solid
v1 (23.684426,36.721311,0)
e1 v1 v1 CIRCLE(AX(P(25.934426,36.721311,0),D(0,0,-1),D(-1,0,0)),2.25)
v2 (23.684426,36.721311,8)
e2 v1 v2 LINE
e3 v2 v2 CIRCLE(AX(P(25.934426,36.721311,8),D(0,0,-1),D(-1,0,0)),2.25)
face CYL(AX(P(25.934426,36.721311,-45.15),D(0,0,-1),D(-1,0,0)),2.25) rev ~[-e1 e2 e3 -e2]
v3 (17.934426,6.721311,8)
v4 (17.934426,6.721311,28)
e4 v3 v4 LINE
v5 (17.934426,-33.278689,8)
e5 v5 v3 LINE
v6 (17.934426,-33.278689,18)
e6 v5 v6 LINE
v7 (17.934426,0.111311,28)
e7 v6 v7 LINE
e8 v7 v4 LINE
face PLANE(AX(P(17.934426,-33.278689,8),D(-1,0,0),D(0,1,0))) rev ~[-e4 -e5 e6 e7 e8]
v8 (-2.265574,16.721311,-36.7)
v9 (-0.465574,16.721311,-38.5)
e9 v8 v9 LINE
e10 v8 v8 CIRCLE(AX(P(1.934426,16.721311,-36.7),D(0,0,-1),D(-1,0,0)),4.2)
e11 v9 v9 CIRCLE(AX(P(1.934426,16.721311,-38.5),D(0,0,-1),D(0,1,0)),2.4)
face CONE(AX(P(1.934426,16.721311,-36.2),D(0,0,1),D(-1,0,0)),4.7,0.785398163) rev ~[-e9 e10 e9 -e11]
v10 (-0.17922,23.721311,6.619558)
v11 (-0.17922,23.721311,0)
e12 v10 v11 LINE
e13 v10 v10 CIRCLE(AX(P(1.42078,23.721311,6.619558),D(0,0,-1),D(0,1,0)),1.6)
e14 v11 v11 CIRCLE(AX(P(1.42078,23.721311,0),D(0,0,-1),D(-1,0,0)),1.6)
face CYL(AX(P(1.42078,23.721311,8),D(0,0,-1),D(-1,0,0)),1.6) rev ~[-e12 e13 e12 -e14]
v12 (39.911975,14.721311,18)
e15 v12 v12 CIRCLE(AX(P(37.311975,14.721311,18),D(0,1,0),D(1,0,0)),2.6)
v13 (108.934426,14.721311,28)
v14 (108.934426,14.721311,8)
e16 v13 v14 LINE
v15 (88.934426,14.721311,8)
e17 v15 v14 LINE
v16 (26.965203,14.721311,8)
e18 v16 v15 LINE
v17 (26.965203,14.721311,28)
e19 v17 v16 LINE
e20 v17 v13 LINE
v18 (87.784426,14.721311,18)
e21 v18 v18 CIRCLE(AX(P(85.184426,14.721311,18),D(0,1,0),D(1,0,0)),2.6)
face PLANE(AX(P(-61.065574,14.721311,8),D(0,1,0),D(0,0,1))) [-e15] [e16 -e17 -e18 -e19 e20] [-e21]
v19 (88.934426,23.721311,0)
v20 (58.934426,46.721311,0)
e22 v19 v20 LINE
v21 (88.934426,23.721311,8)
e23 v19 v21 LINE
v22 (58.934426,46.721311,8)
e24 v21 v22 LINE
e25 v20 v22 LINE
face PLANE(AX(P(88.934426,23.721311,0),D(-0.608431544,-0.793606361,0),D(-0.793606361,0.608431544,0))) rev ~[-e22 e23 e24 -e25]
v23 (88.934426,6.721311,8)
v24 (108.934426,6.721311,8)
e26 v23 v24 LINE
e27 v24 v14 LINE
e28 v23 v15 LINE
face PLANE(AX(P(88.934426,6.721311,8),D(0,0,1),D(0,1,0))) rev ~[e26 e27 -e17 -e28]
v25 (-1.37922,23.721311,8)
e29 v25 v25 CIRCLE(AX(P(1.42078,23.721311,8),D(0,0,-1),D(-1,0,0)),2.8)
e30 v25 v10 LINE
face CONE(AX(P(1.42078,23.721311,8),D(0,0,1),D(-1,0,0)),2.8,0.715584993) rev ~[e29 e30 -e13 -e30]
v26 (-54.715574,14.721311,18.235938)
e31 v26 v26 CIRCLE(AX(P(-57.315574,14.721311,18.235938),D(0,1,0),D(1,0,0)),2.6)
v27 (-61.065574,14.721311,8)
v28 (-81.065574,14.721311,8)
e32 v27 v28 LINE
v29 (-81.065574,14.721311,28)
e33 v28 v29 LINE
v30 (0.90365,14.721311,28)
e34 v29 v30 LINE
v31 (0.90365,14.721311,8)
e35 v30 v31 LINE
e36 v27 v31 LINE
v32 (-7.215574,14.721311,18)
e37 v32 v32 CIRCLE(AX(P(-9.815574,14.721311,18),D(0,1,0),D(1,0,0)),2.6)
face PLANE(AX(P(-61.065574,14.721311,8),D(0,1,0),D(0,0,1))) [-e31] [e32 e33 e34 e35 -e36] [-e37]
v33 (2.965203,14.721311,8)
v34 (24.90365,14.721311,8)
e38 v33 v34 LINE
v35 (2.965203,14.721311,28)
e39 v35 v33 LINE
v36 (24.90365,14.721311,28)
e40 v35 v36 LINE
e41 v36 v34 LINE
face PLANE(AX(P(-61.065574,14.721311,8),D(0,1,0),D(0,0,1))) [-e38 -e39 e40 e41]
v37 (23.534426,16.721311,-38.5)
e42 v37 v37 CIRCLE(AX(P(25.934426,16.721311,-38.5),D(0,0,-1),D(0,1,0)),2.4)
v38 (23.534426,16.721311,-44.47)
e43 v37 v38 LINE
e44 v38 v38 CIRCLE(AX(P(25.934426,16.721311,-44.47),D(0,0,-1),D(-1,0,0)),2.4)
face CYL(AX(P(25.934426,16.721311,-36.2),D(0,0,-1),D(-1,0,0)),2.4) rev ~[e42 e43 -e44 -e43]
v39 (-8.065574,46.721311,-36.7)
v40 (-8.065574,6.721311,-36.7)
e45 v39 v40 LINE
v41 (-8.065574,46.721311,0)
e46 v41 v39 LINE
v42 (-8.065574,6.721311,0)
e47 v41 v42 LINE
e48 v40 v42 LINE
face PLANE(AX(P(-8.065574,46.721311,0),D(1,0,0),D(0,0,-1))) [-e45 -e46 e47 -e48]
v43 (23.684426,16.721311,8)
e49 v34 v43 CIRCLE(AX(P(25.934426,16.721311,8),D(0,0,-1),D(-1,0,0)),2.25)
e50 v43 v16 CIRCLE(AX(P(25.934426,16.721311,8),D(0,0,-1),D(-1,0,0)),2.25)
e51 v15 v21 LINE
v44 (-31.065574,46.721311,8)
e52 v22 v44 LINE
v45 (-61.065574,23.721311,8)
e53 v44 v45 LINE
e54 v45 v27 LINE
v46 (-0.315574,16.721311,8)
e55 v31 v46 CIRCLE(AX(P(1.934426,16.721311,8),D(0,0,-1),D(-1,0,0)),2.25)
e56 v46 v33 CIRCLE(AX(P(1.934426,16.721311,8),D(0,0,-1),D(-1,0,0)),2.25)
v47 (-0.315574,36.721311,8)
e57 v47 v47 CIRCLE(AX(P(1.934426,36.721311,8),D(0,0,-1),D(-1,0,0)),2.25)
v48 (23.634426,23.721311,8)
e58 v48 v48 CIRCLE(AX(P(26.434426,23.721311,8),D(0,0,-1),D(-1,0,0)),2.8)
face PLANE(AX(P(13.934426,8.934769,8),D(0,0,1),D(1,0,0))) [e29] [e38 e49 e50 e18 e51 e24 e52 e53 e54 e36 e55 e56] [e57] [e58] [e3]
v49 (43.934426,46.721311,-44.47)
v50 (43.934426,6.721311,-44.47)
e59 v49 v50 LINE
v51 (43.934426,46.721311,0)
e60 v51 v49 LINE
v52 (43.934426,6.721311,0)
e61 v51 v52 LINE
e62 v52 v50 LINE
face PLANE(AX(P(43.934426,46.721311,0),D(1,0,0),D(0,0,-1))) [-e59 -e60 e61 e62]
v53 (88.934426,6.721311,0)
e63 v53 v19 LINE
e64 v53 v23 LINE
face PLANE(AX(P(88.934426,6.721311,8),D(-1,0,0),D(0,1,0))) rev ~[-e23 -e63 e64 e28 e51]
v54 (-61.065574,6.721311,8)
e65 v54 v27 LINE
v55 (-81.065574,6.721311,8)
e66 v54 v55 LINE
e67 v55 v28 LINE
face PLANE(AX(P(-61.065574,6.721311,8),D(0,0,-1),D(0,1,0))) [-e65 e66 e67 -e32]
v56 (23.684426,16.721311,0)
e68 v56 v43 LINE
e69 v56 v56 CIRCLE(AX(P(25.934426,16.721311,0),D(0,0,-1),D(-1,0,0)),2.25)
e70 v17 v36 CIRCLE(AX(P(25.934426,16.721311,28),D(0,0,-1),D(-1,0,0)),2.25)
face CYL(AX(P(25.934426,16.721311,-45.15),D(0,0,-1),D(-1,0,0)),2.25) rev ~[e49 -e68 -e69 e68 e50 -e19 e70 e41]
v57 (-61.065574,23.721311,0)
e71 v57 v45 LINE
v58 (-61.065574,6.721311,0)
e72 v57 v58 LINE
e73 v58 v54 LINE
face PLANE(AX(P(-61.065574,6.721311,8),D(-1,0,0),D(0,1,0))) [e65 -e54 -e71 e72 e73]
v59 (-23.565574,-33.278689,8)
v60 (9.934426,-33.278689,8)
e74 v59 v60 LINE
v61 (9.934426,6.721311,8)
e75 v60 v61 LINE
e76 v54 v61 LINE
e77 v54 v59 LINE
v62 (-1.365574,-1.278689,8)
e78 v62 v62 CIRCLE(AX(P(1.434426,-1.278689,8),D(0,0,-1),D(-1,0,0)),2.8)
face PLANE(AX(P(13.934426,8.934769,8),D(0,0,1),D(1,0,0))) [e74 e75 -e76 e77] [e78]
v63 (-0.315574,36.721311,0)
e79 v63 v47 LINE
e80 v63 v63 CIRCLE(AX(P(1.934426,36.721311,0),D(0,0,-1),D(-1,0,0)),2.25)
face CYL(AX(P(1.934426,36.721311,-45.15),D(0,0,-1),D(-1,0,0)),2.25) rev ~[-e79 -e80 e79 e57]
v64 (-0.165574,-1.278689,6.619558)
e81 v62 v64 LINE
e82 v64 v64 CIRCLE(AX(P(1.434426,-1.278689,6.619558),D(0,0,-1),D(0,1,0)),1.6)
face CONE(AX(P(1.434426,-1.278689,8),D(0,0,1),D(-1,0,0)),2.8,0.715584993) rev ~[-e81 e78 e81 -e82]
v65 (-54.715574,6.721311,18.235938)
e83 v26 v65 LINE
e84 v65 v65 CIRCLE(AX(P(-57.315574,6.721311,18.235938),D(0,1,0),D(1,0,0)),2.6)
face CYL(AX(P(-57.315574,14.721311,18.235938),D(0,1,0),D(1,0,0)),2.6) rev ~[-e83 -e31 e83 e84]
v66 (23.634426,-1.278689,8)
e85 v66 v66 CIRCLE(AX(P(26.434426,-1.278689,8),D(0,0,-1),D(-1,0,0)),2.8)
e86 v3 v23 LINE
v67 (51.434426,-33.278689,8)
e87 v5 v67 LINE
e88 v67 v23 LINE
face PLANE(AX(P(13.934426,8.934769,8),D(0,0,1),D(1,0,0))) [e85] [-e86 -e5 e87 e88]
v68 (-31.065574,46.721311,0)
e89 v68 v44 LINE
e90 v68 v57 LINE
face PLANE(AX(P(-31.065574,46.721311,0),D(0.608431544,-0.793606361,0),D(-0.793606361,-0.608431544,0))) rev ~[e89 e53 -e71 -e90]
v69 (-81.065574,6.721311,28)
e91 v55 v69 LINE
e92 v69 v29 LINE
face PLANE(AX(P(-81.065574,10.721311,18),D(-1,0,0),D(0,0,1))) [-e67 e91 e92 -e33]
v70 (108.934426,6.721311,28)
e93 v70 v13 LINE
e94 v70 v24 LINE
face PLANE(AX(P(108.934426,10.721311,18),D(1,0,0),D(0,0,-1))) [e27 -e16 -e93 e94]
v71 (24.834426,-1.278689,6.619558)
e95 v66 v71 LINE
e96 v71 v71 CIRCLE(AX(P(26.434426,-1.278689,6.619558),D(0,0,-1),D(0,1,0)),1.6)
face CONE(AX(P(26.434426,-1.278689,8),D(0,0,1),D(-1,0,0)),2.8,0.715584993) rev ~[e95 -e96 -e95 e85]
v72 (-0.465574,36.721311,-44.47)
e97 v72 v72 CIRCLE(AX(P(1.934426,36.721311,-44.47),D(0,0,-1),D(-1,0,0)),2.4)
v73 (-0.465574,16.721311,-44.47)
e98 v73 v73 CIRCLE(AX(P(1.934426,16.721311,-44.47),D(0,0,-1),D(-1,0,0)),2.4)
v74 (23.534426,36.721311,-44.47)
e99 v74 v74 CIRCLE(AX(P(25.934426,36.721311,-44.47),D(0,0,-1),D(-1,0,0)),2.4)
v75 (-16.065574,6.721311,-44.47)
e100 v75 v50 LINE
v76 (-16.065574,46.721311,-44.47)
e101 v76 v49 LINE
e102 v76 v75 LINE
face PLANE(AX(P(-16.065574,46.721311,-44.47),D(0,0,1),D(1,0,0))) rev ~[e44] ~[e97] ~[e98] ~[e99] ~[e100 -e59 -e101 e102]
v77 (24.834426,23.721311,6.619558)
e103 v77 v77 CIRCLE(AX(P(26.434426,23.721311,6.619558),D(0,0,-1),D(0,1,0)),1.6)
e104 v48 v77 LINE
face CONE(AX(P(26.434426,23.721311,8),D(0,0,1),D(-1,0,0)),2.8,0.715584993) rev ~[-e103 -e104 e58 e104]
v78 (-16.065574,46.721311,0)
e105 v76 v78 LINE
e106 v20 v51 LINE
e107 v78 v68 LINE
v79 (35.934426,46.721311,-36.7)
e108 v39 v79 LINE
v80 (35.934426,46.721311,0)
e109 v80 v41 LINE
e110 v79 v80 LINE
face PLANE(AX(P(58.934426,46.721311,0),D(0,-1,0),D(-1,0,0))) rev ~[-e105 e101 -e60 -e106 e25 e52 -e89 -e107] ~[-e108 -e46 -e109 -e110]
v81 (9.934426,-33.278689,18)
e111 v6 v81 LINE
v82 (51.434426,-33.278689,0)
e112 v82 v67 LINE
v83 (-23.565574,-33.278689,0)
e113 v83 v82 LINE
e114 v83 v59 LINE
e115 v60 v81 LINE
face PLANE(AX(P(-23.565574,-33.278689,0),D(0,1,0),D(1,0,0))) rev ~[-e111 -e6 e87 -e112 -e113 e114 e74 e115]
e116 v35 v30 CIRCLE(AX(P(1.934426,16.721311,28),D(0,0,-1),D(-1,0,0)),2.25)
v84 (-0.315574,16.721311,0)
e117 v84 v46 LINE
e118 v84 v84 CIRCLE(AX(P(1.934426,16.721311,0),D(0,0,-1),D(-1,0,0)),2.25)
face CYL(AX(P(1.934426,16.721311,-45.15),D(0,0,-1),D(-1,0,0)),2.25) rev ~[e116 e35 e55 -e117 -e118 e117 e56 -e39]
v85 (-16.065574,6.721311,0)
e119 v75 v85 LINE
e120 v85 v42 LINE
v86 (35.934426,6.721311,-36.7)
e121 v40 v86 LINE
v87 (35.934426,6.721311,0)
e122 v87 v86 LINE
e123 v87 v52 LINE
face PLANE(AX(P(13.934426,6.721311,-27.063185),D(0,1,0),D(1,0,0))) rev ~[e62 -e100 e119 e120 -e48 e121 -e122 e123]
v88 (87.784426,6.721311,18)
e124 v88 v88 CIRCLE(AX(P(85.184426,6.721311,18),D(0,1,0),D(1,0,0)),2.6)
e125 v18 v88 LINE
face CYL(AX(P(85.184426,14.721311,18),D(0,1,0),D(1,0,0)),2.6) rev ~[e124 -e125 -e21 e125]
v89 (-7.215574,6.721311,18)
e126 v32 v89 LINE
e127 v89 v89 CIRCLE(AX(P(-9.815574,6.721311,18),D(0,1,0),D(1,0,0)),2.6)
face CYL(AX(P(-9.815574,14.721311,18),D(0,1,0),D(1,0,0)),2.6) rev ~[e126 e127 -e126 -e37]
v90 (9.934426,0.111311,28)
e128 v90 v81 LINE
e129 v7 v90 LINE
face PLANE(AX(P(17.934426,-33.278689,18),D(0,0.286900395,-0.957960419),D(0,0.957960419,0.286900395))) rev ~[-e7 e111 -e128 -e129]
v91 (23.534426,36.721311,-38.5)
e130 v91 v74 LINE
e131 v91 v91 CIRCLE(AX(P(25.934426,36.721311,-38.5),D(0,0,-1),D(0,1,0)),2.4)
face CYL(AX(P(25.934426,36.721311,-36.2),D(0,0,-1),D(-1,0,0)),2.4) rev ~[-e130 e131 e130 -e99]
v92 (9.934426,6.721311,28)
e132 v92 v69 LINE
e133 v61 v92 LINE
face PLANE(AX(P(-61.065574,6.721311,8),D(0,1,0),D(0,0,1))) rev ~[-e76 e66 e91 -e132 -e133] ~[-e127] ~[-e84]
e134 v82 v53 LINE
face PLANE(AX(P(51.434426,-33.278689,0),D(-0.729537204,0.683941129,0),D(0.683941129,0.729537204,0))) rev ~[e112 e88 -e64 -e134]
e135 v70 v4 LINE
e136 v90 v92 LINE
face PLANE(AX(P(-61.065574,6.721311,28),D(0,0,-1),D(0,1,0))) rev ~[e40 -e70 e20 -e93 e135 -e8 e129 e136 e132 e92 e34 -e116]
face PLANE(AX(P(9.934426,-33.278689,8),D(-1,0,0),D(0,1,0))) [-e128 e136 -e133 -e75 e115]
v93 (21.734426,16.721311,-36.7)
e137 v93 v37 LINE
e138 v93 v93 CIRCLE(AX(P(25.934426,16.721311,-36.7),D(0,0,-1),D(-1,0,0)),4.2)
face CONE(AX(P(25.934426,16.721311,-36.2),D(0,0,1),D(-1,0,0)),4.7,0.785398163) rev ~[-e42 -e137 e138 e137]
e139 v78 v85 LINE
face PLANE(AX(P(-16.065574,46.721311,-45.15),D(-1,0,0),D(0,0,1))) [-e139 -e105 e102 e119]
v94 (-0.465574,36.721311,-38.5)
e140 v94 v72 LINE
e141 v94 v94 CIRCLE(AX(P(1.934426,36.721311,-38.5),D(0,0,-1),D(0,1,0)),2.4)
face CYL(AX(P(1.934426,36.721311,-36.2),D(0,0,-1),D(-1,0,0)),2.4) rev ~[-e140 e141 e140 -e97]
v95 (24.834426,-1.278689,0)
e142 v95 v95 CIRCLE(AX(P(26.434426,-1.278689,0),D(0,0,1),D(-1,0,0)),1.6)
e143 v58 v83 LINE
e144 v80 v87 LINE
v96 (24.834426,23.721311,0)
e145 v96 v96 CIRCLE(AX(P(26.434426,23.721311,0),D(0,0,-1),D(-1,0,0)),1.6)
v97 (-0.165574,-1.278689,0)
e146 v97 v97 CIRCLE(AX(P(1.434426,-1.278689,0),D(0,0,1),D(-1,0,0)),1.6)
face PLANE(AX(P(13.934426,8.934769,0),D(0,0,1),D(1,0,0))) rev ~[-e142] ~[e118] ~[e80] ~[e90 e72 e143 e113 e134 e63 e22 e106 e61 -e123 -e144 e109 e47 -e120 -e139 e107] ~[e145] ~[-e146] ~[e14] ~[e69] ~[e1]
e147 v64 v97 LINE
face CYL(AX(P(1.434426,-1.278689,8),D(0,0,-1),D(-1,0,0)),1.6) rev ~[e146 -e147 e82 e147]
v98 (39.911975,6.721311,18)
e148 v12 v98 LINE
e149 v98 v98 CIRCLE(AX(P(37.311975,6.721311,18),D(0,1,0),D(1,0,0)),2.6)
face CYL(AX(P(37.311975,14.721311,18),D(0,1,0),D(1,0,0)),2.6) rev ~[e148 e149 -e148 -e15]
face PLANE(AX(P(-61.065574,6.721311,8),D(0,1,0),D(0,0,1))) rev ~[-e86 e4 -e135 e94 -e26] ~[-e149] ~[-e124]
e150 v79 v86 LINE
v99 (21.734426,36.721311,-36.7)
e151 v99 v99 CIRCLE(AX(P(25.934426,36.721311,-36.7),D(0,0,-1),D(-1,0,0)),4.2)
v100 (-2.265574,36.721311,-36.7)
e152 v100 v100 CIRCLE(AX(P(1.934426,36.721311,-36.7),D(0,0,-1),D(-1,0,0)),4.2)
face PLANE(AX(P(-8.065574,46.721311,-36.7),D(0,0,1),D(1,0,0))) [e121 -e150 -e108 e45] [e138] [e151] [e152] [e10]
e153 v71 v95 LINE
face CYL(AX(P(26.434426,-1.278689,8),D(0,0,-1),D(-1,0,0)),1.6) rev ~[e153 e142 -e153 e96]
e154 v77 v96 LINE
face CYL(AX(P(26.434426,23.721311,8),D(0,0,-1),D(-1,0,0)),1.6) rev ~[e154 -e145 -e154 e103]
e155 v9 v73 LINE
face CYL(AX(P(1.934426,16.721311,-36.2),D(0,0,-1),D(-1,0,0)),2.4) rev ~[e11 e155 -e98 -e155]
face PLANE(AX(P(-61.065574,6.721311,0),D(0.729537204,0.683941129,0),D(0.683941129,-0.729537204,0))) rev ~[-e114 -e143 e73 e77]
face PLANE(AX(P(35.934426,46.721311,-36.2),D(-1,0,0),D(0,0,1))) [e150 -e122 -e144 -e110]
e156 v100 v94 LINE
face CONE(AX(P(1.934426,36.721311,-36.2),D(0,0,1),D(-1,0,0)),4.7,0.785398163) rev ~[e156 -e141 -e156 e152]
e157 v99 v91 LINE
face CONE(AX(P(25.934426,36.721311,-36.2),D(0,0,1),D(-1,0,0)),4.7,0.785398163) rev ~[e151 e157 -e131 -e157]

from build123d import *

# Parameters (mm, degrees)
EXTRUDE_1_DEPTH              = 8
SKETCH_2_W                   = 150
SKETCH_2_H                   = 8
EXTRUDE_2_DEPTH              = 20
SKETCH_3_W                   = 20
SKETCH_3_H                   = 8
EXTRUDE_3_DEPTH              = 20
SKETCH_4_W                   = 20
SKETCH_4_H                   = 8
EXTRUDE_4_DEPTH              = 20
SKETCH_5_W                   = 8
SKETCH_5_H                   = 40
EXTRUDE_5_DEPTH              = 20
CUT_EXTRUDE_1_DEPTH          = 20
EXTRUDE_6_DEPTH              = 40
HOLE_WIZARD_2_D              = 3.2
HOLE_WIZARD_2_DEPTH          = 8
HOLE_WIZARD_2_CSINK_D        = 5.6
HOLE_WIZARD_2_CSINK_ANGLE    = 82
HOLE_WIZARD_2_TIP            = 0.96137699
HOLE_WIZARD_M4_1_D           = 4.8
HOLE_WIZARD_M4_1_DEPTH       = 8.95
HOLE_WIZARD_M4_1_CSINK_D     = 9.4
HOLE_WIZARD_M4_1_CSINK_ANGLE = 90
SKETCH_17_R                  = 2.6
CUT_EXTRUDE_3_DEPTH          = 40
SKETCH_22_R                  = 2.25
CUT_EXTRUDE_4_DEPTH          = 74.15
SKETCH_24_W                  = 60
SKETCH_24_H                  = 0.68
CUT_EXTRUDE_5_DEPTH          = 40
SKETCH_29_W                  = 44
SKETCH_29_H                  = 0.5
CUT_EXTRUDE_10_DEPTH         = 81


with BuildPart() as part:
    # 草图1 → 凸台-拉伸1 (new body)
    with BuildSketch(Plane.XY):
        Polygon((-23.56557377, -33.278688525), (51.43442623, -33.278688525), (88.93442623, 6.721311475), (88.93442623, 23.721311475), (58.93442623, 46.721311475), (-31.06557377, 46.721311475), (-61.06557377, 23.721311475), (-61.06557377, 6.721311475), align=None)
    extrude(amount=EXTRUDE_1_DEPTH)

    # 草图2 → 凸台-拉伸2 (add)
    with BuildSketch(Plane.XY.offset(8)):
        with Locations((13.93442623, 10.721311475)):
            Rectangle(SKETCH_2_W, SKETCH_2_H)
    extrude(amount=EXTRUDE_2_DEPTH)

    # 草图3 → 凸台-拉伸3 (add)
    with BuildSketch(Plane(origin=(88.93442623, 0, 0), x_dir=(0, 0, -1), z_dir=(1, 0, 0))):
        with Locations((-18, 10.721311475)):
            Rectangle(SKETCH_3_W, SKETCH_3_H)
    extrude(amount=EXTRUDE_3_DEPTH)

    # 草图4 → 凸台-拉伸4 (add)
    with BuildSketch(Plane.ZY.offset(61.06557377)):
        with Locations((18, 10.721311475)):
            Rectangle(SKETCH_4_W, SKETCH_4_H)
    extrude(amount=EXTRUDE_4_DEPTH)

    # 草图5 → 凸台-拉伸5 (add)
    with BuildSketch(Plane.XY.offset(8)):
        with Locations((13.93442623, -13.278688525)):
            Rectangle(SKETCH_5_W, SKETCH_5_H)
    extrude(amount=EXTRUDE_5_DEPTH)

    # 草图6 → 切除-拉伸1 (cut)
    with BuildSketch(Plane(origin=(17.93442623, 0, 0), x_dir=(0, 0, -1), z_dir=(1, 0, 0))):
        Polygon((-18, -33.278688525), (-28, 0.111311475), (-28, -33.278688525), align=None)
    extrude(amount=-CUT_EXTRUDE_1_DEPTH, mode=Mode.SUBTRACT)

    # 草图7 → 凸台-拉伸6 (add)
    with BuildSketch(Plane(origin=(0, 46.721311475, 0), x_dir=(1, 0, 0), z_dir=(0, 1, 0))):
        Polygon((-8.06557377, 36.2), (35.93442623, 36.2), (35.93442623, 0), (43.93442623, 0), (43.93442623, 45.15), (-16.06557377, 45.15), (-16.06557377, 0), (-8.06557377, 0), align=None)
    extrude(amount=-EXTRUDE_6_DEPTH)

    # 孔2
    with Locations(Plane(origin=(1.420779952, 23.721311475, 8), x_dir=(1, 0, 0), z_dir=(0, 0, 1))):
        with Locations((0, 0), (25.013646278, 0), (25.013646278, -25), (0.013646278, -25)):
            CounterSinkHole(HOLE_WIZARD_2_D / 2, HOLE_WIZARD_2_CSINK_D / 2, depth=HOLE_WIZARD_2_DEPTH, counter_sink_angle=HOLE_WIZARD_2_CSINK_ANGLE)
            with Locations((0, 0, -(HOLE_WIZARD_2_DEPTH + HOLE_WIZARD_2_TIP / 2))):  # 118° drill point
                Cone(0, HOLE_WIZARD_2_D / 2, HOLE_WIZARD_2_TIP, mode=Mode.SUBTRACT)

    # M4 平头机械螺钉的锥形沉头孔1
    with Locations(Plane(origin=(1.93442623, 16.721311475, -36.2), x_dir=(1, 0, 0), z_dir=(0, 0, 1))):
        with Locations((0, 0), (24, 0), (24, 20), (0, 20)):
            CounterSinkHole(HOLE_WIZARD_M4_1_D / 2, HOLE_WIZARD_M4_1_CSINK_D / 2, depth=HOLE_WIZARD_M4_1_DEPTH, counter_sink_angle=HOLE_WIZARD_M4_1_CSINK_ANGLE)

    # 草图17 → 切除-拉伸3 (cut)
    with BuildSketch(Plane(origin=(0, 14.721311475, 0), x_dir=(1, 0, 0), z_dir=(0, 1, 0))):
        with Locations((85.18442623, -18)):
            Circle(SKETCH_17_R)
        with Locations((37.311975267, -18)):
            Circle(SKETCH_17_R)
        with Locations((-9.81557377, -18)):
            Circle(SKETCH_17_R)
        with Locations((-57.31557377, -18.235938013)):
            Circle(SKETCH_17_R)
    extrude(amount=-CUT_EXTRUDE_3_DEPTH, mode=Mode.SUBTRACT)

    # 草图22 → 切除-拉伸4 (cut, through all)
    with BuildSketch(Plane(origin=(0, 0, -45.15), x_dir=(-1, 0, 0), z_dir=(0, 0, -1))):
        with Locations((-25.93442623, 36.721311475)):
            Circle(SKETCH_22_R)
        with Locations((-1.93442623, 36.721311475)):
            Circle(SKETCH_22_R)
        with Locations((-1.93442623, 16.721311475)):
            Circle(SKETCH_22_R)
        with Locations((-25.93442623, 16.721311475)):
            Circle(SKETCH_22_R)
    extrude(amount=-CUT_EXTRUDE_4_DEPTH, mode=Mode.SUBTRACT)

    # 草图24 → 切除-拉伸5 (cut)
    with BuildSketch(Plane(origin=(0, 46.721311475, 0), x_dir=(1, 0, 0), z_dir=(0, 1, 0))):
        with Locations((13.93442623, 44.81)):
            Rectangle(SKETCH_24_W, SKETCH_24_H)
    extrude(amount=-CUT_EXTRUDE_5_DEPTH, mode=Mode.SUBTRACT)

    # 草图29 → 切除-拉伸10 (cut, through all)
    with BuildSketch(Plane(origin=(0, 46.721311475, 0), x_dir=(1, 0, 0), z_dir=(0, 1, 0))):
        with Locations((13.93442623, 36.45)):
            Rectangle(SKETCH_29_W, SKETCH_29_H)
    extrude(amount=-CUT_EXTRUDE_10_DEPTH, mode=Mode.SUBTRACT)


solid = part.part
